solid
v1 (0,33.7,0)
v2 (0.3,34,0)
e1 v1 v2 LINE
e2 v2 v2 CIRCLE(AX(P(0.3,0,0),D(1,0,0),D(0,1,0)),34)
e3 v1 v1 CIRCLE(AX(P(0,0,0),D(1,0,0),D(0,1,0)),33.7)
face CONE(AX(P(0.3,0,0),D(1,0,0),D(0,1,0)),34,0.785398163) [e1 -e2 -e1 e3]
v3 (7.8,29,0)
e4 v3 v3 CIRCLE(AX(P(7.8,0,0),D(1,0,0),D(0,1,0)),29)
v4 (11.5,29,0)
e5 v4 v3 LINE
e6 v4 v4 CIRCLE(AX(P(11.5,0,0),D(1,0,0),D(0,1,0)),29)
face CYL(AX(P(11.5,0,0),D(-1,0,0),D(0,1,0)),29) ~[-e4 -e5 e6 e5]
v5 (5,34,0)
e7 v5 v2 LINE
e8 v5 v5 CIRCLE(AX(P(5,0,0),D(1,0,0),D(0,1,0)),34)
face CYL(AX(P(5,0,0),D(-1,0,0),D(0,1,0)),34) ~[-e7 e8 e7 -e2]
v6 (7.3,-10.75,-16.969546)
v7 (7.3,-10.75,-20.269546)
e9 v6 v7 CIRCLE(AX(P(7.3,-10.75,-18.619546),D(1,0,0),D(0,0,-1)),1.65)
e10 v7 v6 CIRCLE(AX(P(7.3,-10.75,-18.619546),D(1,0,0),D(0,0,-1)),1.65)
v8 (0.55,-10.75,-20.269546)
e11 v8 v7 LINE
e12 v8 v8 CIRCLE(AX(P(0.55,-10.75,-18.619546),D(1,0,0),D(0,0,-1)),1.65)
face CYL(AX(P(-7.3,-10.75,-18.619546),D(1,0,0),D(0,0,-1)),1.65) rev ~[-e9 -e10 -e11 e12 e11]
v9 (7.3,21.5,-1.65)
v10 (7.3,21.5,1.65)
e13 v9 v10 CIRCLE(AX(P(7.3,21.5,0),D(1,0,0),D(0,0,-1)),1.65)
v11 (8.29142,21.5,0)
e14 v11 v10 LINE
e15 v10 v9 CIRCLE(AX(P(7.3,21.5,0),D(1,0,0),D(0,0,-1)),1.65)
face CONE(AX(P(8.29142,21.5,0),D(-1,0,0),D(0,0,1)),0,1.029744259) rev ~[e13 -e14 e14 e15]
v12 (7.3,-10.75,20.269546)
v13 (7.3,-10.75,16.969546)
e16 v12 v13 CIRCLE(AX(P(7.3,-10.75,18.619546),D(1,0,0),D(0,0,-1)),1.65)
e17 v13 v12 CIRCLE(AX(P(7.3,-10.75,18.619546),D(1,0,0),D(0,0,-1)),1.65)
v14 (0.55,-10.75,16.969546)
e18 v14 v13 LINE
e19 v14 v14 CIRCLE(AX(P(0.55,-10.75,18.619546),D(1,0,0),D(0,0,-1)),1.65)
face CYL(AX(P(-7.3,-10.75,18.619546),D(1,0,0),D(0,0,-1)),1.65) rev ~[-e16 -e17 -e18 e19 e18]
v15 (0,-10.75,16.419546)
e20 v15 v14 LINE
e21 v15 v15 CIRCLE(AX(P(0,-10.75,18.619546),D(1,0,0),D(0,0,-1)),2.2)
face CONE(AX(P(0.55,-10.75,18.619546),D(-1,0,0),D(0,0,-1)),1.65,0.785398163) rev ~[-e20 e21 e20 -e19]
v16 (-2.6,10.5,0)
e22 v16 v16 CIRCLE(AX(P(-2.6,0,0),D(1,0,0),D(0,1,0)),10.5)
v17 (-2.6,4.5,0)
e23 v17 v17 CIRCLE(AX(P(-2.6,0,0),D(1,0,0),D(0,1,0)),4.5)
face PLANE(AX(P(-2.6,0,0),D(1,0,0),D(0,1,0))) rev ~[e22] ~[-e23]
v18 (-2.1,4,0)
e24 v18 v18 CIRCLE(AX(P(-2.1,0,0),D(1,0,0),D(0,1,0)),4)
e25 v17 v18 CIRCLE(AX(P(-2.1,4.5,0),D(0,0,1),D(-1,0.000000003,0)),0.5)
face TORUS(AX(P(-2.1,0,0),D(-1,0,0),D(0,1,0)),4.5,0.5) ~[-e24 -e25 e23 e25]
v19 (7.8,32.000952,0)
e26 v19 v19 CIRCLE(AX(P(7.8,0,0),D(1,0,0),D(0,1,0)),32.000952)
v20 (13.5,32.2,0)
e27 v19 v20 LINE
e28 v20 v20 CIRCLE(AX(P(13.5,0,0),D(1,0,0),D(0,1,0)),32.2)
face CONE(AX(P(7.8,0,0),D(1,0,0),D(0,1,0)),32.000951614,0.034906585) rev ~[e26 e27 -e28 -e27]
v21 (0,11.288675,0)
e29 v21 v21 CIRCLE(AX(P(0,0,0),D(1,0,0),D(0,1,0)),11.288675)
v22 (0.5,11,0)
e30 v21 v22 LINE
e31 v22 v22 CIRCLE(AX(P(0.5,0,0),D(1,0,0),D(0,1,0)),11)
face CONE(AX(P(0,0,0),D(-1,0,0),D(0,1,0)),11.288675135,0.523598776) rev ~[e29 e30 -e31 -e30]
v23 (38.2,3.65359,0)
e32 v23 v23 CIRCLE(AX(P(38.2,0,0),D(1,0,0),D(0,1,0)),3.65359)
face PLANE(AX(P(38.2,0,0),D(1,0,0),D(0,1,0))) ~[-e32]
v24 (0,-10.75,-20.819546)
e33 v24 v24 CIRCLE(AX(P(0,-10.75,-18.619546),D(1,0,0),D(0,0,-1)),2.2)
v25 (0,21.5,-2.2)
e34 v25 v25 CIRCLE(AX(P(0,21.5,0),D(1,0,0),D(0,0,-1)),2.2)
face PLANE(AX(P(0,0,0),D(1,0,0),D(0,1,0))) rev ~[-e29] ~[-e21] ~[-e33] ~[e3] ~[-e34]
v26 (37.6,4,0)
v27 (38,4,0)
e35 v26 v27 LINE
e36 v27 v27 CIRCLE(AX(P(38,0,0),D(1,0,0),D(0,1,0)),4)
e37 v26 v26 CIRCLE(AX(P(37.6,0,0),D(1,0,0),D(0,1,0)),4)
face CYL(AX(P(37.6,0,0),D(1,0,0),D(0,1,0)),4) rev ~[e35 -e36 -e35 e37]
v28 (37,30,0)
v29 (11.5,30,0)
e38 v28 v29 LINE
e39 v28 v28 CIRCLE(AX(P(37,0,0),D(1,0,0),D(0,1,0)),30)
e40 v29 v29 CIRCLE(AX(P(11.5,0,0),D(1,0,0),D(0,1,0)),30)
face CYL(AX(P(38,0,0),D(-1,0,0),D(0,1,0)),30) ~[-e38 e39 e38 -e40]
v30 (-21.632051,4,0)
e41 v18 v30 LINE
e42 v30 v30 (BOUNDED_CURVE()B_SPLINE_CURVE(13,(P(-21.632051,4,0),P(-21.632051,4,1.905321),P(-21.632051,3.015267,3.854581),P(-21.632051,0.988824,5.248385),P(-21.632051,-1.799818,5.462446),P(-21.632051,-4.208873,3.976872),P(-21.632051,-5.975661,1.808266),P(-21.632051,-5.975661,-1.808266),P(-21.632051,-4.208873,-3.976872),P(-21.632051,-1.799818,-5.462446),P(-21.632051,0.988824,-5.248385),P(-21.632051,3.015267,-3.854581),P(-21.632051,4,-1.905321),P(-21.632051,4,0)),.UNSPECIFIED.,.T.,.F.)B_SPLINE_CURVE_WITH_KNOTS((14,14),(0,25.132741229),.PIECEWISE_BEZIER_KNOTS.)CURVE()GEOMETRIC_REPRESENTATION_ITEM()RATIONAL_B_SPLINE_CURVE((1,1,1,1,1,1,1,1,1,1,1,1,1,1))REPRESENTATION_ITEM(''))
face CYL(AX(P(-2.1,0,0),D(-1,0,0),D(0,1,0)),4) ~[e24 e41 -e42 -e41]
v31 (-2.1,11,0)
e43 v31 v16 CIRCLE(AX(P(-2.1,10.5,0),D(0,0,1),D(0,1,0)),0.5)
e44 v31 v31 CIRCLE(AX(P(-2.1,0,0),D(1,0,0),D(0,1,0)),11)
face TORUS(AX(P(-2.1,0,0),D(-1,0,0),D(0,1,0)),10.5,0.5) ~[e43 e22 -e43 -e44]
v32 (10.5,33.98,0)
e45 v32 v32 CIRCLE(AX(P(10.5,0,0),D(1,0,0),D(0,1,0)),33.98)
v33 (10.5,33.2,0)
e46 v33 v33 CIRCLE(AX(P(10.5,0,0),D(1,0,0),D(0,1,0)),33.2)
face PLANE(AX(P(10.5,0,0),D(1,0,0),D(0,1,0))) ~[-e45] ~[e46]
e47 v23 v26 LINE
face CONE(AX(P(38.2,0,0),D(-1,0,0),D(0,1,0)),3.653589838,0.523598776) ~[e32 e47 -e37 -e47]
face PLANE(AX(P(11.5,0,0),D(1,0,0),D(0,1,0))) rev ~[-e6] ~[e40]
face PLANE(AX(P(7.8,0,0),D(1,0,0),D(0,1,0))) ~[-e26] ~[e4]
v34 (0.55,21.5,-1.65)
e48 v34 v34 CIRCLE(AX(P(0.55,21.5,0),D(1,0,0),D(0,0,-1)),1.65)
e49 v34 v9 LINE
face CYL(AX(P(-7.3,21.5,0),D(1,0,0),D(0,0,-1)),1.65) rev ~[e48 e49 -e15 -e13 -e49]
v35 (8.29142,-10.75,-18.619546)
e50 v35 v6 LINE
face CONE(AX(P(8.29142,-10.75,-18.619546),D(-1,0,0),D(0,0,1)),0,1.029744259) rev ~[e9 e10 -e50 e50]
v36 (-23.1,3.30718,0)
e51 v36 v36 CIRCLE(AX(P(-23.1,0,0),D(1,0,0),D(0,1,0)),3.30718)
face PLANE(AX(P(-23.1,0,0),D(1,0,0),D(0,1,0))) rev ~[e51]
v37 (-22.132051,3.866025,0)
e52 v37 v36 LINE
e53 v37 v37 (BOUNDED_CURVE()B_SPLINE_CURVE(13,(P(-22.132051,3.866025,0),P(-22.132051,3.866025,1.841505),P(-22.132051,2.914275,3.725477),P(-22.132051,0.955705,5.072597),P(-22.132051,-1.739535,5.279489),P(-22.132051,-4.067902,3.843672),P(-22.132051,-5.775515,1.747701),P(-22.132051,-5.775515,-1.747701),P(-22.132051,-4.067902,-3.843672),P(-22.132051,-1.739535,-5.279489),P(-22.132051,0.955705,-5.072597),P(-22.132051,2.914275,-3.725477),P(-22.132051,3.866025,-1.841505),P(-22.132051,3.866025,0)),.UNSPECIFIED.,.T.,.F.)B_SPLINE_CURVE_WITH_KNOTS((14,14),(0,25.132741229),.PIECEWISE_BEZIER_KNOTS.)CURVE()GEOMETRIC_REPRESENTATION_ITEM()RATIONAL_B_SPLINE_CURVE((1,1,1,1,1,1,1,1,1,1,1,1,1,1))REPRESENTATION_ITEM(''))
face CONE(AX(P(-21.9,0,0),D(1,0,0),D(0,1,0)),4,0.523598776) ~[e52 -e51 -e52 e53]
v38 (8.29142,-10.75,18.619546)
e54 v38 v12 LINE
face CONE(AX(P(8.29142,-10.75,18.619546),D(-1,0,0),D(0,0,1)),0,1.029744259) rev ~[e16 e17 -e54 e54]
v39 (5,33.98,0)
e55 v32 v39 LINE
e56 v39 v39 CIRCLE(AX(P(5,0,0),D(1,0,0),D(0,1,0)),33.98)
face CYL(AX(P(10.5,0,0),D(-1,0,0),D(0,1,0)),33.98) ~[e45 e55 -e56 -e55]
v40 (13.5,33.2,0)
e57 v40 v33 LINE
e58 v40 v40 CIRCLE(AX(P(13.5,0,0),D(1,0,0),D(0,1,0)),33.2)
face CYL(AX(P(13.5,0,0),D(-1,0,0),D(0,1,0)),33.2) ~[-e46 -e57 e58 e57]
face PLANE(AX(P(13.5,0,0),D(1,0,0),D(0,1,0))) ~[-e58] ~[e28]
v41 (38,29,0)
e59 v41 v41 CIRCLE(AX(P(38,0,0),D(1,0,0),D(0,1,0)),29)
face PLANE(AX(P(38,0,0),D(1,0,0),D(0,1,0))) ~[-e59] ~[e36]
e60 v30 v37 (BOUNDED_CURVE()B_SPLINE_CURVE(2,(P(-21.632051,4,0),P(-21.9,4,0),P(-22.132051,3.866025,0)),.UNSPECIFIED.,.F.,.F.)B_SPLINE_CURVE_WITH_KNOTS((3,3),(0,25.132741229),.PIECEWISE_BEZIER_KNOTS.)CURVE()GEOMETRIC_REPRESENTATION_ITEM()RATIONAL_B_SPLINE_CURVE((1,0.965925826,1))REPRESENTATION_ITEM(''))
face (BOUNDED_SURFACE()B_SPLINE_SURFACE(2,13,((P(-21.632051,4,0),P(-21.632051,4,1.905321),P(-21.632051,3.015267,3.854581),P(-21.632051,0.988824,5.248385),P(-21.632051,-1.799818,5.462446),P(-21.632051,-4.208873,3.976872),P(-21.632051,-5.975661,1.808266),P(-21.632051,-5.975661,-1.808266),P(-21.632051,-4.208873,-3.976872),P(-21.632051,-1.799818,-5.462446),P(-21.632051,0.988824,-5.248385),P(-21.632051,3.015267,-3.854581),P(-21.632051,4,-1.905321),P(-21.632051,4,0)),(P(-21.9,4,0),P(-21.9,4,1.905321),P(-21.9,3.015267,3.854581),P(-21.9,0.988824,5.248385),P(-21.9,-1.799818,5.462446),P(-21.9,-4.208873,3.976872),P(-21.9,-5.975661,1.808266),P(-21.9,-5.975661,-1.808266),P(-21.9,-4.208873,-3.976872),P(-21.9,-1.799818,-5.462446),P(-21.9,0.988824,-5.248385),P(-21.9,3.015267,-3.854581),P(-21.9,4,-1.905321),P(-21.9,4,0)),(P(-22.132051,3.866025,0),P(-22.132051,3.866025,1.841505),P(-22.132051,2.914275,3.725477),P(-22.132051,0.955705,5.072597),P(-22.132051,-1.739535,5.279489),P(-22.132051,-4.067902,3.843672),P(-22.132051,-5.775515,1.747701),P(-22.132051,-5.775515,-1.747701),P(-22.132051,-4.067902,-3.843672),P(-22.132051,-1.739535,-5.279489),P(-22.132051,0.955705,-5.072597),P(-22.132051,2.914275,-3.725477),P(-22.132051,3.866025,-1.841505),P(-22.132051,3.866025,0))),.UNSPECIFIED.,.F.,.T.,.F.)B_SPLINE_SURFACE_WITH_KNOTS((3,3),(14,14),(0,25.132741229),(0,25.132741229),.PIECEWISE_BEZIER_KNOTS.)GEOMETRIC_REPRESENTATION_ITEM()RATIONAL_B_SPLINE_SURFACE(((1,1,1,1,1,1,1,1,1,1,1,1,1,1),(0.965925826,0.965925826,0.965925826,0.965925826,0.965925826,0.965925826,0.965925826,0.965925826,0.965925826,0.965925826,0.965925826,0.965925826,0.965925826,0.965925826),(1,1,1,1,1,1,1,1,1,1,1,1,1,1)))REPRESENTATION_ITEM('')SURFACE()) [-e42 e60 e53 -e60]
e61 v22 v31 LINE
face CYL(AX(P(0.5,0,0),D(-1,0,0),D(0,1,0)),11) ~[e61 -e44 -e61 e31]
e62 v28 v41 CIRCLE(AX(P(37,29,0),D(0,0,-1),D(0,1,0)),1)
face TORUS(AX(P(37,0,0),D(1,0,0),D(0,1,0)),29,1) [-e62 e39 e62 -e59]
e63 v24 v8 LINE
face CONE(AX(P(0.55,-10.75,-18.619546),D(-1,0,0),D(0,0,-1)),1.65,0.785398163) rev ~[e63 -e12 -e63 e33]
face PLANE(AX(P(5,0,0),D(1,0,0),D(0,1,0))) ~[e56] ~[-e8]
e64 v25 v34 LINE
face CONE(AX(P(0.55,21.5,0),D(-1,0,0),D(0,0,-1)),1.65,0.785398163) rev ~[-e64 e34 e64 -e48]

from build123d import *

# Parameters (mm, degrees)
F_3_3_3_3_DIAMETER_HOLE1_D     = 3.3
F_3_3_3_3_DIAMETER_HOLE1_DEPTH = 7.3
F_3_3_3_3_DIAMETER_HOLE1_TIP   = 0.991420021
CHAMFER1_SIZE                  = 0.55
CHAMFER2_SIZE                  = 0.3
FILLET1_R                      = 0.5
FILLET2_R                      = 1


with BuildPart() as part:
    # Sketch1 → Revolve1 (revolve)
    with BuildSketch(Plane.XY):
        with BuildLine():
            Line((-23.1, 3.307179677), (-23.1, 0))
            Line((-23.1, 0), (38.2, 0))
            Line((38.2, 0), (38.2, 3.653589838))
            Line((38.2, 3.653589838), (37.6, 4))
            Line((37.6, 4), (38, 4))
            Line((38, 4), (38, 30))
            Line((38, 30), (11.5, 30))
            Line((11.5, 30), (11.5, 29))
            Line((11.5, 29), (7.8, 29))
            Line((7.8, 29), (7.8, 32.000951614))
            Line((7.8, 32.000951614), (13.5, 32.2))
            Line((13.5, 32.2), (13.5, 33.2))
            Line((13.5, 33.2), (10.5, 33.2))
            Line((10.5, 33.2), (10.5, 33.98))
            Line((10.5, 33.98), (5, 33.98))
            Line((5, 33.98), (5, 34))
            Line((5, 34), (0, 34))
            Line((0, 34), (0, 11.288675135))
            Line((0, 11.288675135), (0.5, 11))
            Line((0.5, 11), (-2.6, 11))
            Line((-2.6, 11), (-2.6, 4.5))
            ThreePointArc((-2.6, 4.5), (-2.453553391, 4.146446609), (-2.1, 4))
            Line((-2.1, 4), (-21.9, 4))
            Line((-21.9, 4), (-23.1, 3.307179677))
        make_face()
    revolve(axis=Axis((-23.1, 0, 0), (1, 0, 0)))

    # Ø3.3 (3.3) Diameter Hole1
    with Locations(Plane.ZY):
        with Locations((0, 21.5), (18.619546181, -10.75), (-18.619546181, -10.75)):
            Hole(F_3_3_3_3_DIAMETER_HOLE1_D / 2, depth=F_3_3_3_3_DIAMETER_HOLE1_DEPTH)
            with Locations((0, 0, -(F_3_3_3_3_DIAMETER_HOLE1_DEPTH + F_3_3_3_3_DIAMETER_HOLE1_TIP / 2))):  # 118° drill point
                Cone(0, F_3_3_3_3_DIAMETER_HOLE1_D / 2, F_3_3_3_3_DIAMETER_HOLE1_TIP, mode=Mode.SUBTRACT)

    # Chamfer1
    chamfer1_edges = [part.edges().sort_by_distance(p)[0] for p in [
        (0, -10.75, -16.969546181),
        (0, -10.75, 20.269546181),
        (0, 21.5, 1.65),
    ]]
    chamfer(chamfer1_edges, length=CHAMFER1_SIZE)

    # Chamfer2
    chamfer2_edges = [part.edges().sort_by_distance(p)[0] for p in [
        (0, -34, 0),
    ]]
    chamfer(chamfer2_edges, length=CHAMFER2_SIZE)

    # Fillet1
    fillet1_edges = [part.edges().sort_by_distance(p)[0] for p in [
        (-2.6, -11, 0),
    ]]
    fillet(fillet1_edges, radius=FILLET1_R)

    # Fillet2
    fillet2_edges = [part.edges().sort_by_distance(p)[0] for p in [
        (-21.9, -4, 0),
        (38, -30, 0),
    ]]
    fillet(fillet2_edges, radius=FILLET2_R)


solid = part.part
